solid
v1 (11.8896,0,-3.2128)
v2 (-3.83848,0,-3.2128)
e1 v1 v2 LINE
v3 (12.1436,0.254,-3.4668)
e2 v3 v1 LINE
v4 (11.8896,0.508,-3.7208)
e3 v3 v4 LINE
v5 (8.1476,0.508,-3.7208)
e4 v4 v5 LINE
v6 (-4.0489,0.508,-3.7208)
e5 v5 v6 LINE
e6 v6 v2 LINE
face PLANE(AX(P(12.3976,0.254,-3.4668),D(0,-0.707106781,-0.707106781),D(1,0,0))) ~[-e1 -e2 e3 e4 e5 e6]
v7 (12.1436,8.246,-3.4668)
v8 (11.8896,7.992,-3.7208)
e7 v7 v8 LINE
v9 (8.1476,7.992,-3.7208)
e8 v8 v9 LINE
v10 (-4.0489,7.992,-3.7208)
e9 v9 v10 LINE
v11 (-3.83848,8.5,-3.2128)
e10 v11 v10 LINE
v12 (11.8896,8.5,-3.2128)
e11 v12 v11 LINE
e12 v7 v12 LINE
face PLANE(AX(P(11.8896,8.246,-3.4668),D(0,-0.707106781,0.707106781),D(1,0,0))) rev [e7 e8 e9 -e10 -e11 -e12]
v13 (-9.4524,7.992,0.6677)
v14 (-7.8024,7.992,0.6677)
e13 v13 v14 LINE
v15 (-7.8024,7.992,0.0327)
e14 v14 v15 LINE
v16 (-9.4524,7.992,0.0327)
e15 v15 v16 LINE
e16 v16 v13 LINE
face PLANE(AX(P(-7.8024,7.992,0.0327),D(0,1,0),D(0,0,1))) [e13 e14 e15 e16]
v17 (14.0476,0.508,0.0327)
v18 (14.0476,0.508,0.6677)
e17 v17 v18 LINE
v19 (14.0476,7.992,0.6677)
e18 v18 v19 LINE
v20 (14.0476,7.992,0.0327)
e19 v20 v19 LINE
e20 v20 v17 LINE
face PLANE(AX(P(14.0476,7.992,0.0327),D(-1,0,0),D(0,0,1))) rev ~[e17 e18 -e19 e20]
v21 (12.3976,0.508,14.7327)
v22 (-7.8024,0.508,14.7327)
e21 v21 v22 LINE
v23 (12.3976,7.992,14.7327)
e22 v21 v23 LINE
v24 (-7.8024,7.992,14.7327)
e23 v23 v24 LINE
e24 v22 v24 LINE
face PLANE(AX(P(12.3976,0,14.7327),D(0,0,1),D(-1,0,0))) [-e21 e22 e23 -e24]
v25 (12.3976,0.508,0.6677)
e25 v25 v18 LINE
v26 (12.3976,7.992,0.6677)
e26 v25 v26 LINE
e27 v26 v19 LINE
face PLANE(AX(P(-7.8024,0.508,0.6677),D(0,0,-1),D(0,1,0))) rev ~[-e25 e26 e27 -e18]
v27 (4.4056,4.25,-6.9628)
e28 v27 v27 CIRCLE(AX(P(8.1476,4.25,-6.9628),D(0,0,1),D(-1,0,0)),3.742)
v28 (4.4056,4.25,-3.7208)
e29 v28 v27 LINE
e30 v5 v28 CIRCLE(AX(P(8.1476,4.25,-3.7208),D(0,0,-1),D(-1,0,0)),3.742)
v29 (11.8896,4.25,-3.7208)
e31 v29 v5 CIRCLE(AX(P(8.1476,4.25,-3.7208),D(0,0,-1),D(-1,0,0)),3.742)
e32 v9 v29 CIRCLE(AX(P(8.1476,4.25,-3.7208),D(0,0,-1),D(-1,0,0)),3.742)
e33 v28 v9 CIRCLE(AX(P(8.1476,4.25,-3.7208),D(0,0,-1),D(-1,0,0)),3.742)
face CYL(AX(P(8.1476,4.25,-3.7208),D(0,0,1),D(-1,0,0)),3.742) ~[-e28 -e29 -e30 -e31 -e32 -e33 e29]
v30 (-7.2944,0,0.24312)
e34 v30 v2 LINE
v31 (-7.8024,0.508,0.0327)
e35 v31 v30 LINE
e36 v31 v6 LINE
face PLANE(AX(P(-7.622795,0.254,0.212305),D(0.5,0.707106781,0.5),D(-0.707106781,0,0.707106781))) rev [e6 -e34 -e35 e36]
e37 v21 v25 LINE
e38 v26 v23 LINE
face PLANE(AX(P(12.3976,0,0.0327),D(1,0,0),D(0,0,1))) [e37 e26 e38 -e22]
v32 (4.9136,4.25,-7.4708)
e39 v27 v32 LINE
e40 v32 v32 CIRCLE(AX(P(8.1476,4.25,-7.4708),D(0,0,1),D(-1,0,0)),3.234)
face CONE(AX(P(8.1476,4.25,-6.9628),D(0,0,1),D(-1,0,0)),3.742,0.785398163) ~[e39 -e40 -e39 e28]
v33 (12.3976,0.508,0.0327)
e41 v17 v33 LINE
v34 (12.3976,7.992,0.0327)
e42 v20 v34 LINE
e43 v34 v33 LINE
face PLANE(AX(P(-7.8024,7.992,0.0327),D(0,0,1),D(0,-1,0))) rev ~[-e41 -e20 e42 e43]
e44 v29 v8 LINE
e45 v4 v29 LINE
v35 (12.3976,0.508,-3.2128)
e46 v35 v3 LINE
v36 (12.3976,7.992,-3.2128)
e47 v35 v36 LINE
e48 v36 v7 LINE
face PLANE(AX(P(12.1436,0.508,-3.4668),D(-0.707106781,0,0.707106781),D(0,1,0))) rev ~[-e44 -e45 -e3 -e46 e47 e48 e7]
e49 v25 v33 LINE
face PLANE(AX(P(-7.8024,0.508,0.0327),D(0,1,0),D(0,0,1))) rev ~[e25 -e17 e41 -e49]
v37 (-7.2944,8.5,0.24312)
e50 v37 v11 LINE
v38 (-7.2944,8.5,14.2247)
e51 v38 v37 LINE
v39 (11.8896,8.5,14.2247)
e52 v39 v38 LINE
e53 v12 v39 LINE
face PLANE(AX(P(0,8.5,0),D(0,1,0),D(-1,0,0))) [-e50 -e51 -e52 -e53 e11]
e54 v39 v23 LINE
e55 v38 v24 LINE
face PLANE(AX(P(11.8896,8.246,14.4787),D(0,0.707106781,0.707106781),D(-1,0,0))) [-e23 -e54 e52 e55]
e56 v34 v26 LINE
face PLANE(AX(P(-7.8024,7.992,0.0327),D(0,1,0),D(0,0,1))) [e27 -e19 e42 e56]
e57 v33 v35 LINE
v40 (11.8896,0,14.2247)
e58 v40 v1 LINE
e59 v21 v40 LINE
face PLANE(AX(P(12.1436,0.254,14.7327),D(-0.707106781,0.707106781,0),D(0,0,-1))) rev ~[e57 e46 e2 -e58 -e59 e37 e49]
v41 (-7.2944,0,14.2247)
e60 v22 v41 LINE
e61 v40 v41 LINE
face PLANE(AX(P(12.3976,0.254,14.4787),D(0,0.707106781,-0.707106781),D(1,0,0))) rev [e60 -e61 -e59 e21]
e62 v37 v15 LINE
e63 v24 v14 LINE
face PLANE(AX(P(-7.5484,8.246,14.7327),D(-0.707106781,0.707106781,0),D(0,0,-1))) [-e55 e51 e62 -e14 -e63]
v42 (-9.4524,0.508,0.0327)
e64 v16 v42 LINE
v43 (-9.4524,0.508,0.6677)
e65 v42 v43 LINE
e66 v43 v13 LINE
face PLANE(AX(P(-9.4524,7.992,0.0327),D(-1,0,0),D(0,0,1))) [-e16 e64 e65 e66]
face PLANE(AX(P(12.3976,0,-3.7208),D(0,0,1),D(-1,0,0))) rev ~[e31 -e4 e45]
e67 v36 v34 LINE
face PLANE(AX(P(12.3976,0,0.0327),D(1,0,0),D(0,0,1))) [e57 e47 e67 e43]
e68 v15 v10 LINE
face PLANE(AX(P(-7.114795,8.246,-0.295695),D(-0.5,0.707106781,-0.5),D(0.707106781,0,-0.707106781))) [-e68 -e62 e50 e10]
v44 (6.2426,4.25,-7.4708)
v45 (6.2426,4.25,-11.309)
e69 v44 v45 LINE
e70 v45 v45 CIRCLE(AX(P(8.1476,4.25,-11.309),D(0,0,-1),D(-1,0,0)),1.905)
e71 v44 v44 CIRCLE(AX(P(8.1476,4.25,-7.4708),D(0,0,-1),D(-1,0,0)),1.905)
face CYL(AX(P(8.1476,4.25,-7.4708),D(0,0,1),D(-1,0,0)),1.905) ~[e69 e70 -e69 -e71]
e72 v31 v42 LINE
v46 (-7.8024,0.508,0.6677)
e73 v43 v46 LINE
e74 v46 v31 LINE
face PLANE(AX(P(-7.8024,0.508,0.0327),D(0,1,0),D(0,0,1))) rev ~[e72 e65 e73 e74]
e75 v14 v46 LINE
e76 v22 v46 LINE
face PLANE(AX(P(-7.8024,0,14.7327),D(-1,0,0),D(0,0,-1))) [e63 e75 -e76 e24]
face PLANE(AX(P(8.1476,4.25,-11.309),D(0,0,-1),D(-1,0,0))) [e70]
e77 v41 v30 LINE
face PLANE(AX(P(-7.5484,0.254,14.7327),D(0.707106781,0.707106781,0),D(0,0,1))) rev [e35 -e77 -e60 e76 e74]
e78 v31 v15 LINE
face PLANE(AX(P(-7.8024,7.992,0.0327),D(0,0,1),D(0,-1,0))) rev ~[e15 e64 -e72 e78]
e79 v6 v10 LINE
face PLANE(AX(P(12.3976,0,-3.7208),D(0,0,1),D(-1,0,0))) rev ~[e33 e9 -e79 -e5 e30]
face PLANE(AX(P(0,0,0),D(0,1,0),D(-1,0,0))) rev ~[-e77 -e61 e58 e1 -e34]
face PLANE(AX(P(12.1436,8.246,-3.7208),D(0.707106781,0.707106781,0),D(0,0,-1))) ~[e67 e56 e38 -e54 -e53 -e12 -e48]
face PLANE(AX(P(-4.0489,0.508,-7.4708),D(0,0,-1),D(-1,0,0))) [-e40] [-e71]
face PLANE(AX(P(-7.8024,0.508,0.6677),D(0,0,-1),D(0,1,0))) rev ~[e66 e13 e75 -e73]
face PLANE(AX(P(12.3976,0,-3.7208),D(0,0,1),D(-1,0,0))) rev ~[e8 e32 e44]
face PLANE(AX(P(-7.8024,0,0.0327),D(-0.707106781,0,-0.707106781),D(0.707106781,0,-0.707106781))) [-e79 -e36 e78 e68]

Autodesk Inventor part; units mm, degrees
ref_plane "YZ Plane" through (0, 0, 0) normal (1, 0, 0) x (0, 1, 0)
ref_plane "XZ Plane" through (0, 0, 0) normal (0, 1, 0) x (-1, 0, 0)
ref_plane "XY Plane" through (0, 0, 0) normal (0, 0, 1) x (1, 0, 0)
sketch "Sketch1" plane through (0, 0, 0) normal (0, 1, 0) x (-1, 0, 0)
  line L0 (7.8024, -7.4673) -> (-12.3976, -7.4673)
  line L1 (-12.3976, -7.4673) -> (-12.3976, 14.7327)
  line L2 (-12.3976, 14.7327) -> (7.8024, 14.7327)
  line L3 (7.8024, 14.7327) -> (7.8024, -7.4673)
  line L4 (-12.3976, 0.0327) -> (7.8024, 0.0327)
  line L5 (-12.3976, -3.7208) -> (4.0489, -3.7208)
  line L6 (7.8024, 0.0327) -> (4.0489, -3.7208)
  point P0 (0, 0)
  dimension "d0" = 20.2
  dimension "d1" = 22.2
  dimension "d2" = 14.7
  dimension "d3" = 7.5
  dimension "d4" = 3.7465
  dimension "d5" = 45
extrude "Extrusion1" add sketch "Sketch1" along normal blind 8.5 contours L4 L1 L2 L3 | L6 L5 L1 L4
chamfer "Chamfer1" distance 0.508 angle 45 1 edges at (12.3976, 8.5, 5.506)
chamfer "Chamfer2" distance 0.508 angle 45 1 edges at (3.9204, 8.5, -3.7208)
chamfer "Chamfer3" distance 0.508 angle 45 1 edges at (-7.8024, 8.5, 7.3827)
chamfer "Chamfer4" distance 0.508 angle 45 1 edges at (-5.9256, 8.5, -1.844)
chamfer "Chamfer5" distance 0.508 angle 45 1 edges at (2.2976, 8.5, 14.7327)
chamfer "Chamfer6" distance 0.508 angle 45 5 edges at (-5.9256, 0, -1.844) (-7.8024, 0, 7.3827) (2.2976, 0, 14.7327) (12.3976, 0, 5.506) (4.1744, 0, -3.7208)
sketch "Sketch2" plane through (-7.8024, 7.992, 0.0327) normal (-1, 0, 0) x (0, 0, 1)
  line L0 (0, 0) -> (14.7, 0) projected
  line L1 (0, -7.484) -> (0.635, -7.484)
  line L2 (0.635, -7.484) -> (0.635, 0)
  line L3 (0.635, 0) -> (0, 0)
  line L4 (0, 0) -> (0, -7.484)
  point P0 (-0.0327, -7.992)
  point P1 (14.7, 0)
  point P2 (1.5266, 1.0795)
  point P3 (13.6205, 0)
  dimension "d26" = 0.635
extrude "Extrusion2" add sketch "Sketch2" along normal blind 1.65 and the other way blind 21.85
chamfer "Chamfer7" distance 0.508 angle 45 1 edges at (12.3976, 4.25, -3.7208)
sketch "Sketch4" plane through (-4.0489, 0.508, -3.7208) normal (0, 0, -1) x (-1, 0, 0)
  line L0 (-15.9385, 0) -> (-15.9385, 7.484) projected
  line L1 (0, 0) -> (-15.9385, 0) projected
  line L2 (0, 0) -> (0, 7.484) projected
  line L3 (-15.9385, 7.484) -> (0, 7.484) projected
  line L4 (0, 0) -> (-15.9385, 0) projected
  circle A0 centre (-12.1965, 3.742) radius 3.742
  point P0 (-4.0489, -0.508)
extrude "Extrusion3" add sketch "Sketch4" along normal blind 3.75 contours A0
chamfer "Chamfer8" distance 0.508 angle 45 1 edges at (11.8896, 4.25, -7.4708)
sketch "Sketch5" plane through (8.1476, 4.25, -7.4708) normal (0, 0, -1) x (-1, 0, 0)
  circle A0 centre (0, 0) radius 3.234 projected
  circle A1 centre (0, 0) radius 1.905
  point P0 (8.1476, -4.25)
  dimension "d39" = 3.81
extrude "Extrusion4" add sketch "Sketch5" along normal blind 3.8382 contours A1
sketch "Sketch6" plane through (-4.0489, 0.508, -3.7208) normal (0, 0, -1) x (-1, 0, 0)
  circle A0 centre (-12.1965, 3.742) radius 1.905 projected
  point P0 (-4.0489, -0.508)
sketch "Sketch7" plane through (-4.0489, 0.508, -3.7208) normal (0, 0, -1) x (-1, 0, 0)
  arc A0 (-12.1965, 0) -> (-12.1965, 7.484) centre (-12.1965, 3.742) ccw projected
  line L0 (0, 0) -> (-12.1965, 0) projected
  line L1 (0, 0) -> (0, 7.484) projected
  line L2 (-12.1965, 7.484) -> (0, 7.484) projected
  circle A1 centre (-12.1965, 3.742) radius 1.905 projected
  circle A2 centre (-12.1965, 3.742) radius 1.905 projected
  circle A3 centre (-12.1965, 3.742) radius 3.234 projected
  circle A4 centre (-12.1965, 3.742) radius 3.234 projected
  arc A5 (-12.1965, 7.484) -> (-15.9385, 3.742) centre (-12.1965, 3.742) ccw projected
  line L3 (-15.9385, 7.484) -> (-12.1965, 7.484) projected
  line L4 (-15.9385, 3.742) -> (-15.9385, 7.484) projected
  line L5 (-15.9385, 3.742) -> (-15.9385, 7.484) projected
  line L6 (-16.4465, 7.484) -> (-16.4465, 0) projected
  arc A6 (-15.9385, 3.742) -> (-12.1965, 0) centre (-12.1965, 3.742) ccw projected
  line L7 (-15.9385, 0) -> (-15.9385, 3.742) projected
  line L8 (-12.1965, 0) -> (-15.9385, 0) projected
  line L9 (-16.4465, 7.484) -> (-16.4465, 0) projected
  line L10 (-18.0965, 7.484) -> (-16.4465, 7.484) projected
  line L11 (-18.0965, 0) -> (-18.0965, 7.484) projected
  line L12 (-16.4465, 0) -> (-18.0965, 0) projected
  point P0 (-4.0489, -0.508)
  dimension "d42" = 5.9
properties part number "HD1440A_Servo"
